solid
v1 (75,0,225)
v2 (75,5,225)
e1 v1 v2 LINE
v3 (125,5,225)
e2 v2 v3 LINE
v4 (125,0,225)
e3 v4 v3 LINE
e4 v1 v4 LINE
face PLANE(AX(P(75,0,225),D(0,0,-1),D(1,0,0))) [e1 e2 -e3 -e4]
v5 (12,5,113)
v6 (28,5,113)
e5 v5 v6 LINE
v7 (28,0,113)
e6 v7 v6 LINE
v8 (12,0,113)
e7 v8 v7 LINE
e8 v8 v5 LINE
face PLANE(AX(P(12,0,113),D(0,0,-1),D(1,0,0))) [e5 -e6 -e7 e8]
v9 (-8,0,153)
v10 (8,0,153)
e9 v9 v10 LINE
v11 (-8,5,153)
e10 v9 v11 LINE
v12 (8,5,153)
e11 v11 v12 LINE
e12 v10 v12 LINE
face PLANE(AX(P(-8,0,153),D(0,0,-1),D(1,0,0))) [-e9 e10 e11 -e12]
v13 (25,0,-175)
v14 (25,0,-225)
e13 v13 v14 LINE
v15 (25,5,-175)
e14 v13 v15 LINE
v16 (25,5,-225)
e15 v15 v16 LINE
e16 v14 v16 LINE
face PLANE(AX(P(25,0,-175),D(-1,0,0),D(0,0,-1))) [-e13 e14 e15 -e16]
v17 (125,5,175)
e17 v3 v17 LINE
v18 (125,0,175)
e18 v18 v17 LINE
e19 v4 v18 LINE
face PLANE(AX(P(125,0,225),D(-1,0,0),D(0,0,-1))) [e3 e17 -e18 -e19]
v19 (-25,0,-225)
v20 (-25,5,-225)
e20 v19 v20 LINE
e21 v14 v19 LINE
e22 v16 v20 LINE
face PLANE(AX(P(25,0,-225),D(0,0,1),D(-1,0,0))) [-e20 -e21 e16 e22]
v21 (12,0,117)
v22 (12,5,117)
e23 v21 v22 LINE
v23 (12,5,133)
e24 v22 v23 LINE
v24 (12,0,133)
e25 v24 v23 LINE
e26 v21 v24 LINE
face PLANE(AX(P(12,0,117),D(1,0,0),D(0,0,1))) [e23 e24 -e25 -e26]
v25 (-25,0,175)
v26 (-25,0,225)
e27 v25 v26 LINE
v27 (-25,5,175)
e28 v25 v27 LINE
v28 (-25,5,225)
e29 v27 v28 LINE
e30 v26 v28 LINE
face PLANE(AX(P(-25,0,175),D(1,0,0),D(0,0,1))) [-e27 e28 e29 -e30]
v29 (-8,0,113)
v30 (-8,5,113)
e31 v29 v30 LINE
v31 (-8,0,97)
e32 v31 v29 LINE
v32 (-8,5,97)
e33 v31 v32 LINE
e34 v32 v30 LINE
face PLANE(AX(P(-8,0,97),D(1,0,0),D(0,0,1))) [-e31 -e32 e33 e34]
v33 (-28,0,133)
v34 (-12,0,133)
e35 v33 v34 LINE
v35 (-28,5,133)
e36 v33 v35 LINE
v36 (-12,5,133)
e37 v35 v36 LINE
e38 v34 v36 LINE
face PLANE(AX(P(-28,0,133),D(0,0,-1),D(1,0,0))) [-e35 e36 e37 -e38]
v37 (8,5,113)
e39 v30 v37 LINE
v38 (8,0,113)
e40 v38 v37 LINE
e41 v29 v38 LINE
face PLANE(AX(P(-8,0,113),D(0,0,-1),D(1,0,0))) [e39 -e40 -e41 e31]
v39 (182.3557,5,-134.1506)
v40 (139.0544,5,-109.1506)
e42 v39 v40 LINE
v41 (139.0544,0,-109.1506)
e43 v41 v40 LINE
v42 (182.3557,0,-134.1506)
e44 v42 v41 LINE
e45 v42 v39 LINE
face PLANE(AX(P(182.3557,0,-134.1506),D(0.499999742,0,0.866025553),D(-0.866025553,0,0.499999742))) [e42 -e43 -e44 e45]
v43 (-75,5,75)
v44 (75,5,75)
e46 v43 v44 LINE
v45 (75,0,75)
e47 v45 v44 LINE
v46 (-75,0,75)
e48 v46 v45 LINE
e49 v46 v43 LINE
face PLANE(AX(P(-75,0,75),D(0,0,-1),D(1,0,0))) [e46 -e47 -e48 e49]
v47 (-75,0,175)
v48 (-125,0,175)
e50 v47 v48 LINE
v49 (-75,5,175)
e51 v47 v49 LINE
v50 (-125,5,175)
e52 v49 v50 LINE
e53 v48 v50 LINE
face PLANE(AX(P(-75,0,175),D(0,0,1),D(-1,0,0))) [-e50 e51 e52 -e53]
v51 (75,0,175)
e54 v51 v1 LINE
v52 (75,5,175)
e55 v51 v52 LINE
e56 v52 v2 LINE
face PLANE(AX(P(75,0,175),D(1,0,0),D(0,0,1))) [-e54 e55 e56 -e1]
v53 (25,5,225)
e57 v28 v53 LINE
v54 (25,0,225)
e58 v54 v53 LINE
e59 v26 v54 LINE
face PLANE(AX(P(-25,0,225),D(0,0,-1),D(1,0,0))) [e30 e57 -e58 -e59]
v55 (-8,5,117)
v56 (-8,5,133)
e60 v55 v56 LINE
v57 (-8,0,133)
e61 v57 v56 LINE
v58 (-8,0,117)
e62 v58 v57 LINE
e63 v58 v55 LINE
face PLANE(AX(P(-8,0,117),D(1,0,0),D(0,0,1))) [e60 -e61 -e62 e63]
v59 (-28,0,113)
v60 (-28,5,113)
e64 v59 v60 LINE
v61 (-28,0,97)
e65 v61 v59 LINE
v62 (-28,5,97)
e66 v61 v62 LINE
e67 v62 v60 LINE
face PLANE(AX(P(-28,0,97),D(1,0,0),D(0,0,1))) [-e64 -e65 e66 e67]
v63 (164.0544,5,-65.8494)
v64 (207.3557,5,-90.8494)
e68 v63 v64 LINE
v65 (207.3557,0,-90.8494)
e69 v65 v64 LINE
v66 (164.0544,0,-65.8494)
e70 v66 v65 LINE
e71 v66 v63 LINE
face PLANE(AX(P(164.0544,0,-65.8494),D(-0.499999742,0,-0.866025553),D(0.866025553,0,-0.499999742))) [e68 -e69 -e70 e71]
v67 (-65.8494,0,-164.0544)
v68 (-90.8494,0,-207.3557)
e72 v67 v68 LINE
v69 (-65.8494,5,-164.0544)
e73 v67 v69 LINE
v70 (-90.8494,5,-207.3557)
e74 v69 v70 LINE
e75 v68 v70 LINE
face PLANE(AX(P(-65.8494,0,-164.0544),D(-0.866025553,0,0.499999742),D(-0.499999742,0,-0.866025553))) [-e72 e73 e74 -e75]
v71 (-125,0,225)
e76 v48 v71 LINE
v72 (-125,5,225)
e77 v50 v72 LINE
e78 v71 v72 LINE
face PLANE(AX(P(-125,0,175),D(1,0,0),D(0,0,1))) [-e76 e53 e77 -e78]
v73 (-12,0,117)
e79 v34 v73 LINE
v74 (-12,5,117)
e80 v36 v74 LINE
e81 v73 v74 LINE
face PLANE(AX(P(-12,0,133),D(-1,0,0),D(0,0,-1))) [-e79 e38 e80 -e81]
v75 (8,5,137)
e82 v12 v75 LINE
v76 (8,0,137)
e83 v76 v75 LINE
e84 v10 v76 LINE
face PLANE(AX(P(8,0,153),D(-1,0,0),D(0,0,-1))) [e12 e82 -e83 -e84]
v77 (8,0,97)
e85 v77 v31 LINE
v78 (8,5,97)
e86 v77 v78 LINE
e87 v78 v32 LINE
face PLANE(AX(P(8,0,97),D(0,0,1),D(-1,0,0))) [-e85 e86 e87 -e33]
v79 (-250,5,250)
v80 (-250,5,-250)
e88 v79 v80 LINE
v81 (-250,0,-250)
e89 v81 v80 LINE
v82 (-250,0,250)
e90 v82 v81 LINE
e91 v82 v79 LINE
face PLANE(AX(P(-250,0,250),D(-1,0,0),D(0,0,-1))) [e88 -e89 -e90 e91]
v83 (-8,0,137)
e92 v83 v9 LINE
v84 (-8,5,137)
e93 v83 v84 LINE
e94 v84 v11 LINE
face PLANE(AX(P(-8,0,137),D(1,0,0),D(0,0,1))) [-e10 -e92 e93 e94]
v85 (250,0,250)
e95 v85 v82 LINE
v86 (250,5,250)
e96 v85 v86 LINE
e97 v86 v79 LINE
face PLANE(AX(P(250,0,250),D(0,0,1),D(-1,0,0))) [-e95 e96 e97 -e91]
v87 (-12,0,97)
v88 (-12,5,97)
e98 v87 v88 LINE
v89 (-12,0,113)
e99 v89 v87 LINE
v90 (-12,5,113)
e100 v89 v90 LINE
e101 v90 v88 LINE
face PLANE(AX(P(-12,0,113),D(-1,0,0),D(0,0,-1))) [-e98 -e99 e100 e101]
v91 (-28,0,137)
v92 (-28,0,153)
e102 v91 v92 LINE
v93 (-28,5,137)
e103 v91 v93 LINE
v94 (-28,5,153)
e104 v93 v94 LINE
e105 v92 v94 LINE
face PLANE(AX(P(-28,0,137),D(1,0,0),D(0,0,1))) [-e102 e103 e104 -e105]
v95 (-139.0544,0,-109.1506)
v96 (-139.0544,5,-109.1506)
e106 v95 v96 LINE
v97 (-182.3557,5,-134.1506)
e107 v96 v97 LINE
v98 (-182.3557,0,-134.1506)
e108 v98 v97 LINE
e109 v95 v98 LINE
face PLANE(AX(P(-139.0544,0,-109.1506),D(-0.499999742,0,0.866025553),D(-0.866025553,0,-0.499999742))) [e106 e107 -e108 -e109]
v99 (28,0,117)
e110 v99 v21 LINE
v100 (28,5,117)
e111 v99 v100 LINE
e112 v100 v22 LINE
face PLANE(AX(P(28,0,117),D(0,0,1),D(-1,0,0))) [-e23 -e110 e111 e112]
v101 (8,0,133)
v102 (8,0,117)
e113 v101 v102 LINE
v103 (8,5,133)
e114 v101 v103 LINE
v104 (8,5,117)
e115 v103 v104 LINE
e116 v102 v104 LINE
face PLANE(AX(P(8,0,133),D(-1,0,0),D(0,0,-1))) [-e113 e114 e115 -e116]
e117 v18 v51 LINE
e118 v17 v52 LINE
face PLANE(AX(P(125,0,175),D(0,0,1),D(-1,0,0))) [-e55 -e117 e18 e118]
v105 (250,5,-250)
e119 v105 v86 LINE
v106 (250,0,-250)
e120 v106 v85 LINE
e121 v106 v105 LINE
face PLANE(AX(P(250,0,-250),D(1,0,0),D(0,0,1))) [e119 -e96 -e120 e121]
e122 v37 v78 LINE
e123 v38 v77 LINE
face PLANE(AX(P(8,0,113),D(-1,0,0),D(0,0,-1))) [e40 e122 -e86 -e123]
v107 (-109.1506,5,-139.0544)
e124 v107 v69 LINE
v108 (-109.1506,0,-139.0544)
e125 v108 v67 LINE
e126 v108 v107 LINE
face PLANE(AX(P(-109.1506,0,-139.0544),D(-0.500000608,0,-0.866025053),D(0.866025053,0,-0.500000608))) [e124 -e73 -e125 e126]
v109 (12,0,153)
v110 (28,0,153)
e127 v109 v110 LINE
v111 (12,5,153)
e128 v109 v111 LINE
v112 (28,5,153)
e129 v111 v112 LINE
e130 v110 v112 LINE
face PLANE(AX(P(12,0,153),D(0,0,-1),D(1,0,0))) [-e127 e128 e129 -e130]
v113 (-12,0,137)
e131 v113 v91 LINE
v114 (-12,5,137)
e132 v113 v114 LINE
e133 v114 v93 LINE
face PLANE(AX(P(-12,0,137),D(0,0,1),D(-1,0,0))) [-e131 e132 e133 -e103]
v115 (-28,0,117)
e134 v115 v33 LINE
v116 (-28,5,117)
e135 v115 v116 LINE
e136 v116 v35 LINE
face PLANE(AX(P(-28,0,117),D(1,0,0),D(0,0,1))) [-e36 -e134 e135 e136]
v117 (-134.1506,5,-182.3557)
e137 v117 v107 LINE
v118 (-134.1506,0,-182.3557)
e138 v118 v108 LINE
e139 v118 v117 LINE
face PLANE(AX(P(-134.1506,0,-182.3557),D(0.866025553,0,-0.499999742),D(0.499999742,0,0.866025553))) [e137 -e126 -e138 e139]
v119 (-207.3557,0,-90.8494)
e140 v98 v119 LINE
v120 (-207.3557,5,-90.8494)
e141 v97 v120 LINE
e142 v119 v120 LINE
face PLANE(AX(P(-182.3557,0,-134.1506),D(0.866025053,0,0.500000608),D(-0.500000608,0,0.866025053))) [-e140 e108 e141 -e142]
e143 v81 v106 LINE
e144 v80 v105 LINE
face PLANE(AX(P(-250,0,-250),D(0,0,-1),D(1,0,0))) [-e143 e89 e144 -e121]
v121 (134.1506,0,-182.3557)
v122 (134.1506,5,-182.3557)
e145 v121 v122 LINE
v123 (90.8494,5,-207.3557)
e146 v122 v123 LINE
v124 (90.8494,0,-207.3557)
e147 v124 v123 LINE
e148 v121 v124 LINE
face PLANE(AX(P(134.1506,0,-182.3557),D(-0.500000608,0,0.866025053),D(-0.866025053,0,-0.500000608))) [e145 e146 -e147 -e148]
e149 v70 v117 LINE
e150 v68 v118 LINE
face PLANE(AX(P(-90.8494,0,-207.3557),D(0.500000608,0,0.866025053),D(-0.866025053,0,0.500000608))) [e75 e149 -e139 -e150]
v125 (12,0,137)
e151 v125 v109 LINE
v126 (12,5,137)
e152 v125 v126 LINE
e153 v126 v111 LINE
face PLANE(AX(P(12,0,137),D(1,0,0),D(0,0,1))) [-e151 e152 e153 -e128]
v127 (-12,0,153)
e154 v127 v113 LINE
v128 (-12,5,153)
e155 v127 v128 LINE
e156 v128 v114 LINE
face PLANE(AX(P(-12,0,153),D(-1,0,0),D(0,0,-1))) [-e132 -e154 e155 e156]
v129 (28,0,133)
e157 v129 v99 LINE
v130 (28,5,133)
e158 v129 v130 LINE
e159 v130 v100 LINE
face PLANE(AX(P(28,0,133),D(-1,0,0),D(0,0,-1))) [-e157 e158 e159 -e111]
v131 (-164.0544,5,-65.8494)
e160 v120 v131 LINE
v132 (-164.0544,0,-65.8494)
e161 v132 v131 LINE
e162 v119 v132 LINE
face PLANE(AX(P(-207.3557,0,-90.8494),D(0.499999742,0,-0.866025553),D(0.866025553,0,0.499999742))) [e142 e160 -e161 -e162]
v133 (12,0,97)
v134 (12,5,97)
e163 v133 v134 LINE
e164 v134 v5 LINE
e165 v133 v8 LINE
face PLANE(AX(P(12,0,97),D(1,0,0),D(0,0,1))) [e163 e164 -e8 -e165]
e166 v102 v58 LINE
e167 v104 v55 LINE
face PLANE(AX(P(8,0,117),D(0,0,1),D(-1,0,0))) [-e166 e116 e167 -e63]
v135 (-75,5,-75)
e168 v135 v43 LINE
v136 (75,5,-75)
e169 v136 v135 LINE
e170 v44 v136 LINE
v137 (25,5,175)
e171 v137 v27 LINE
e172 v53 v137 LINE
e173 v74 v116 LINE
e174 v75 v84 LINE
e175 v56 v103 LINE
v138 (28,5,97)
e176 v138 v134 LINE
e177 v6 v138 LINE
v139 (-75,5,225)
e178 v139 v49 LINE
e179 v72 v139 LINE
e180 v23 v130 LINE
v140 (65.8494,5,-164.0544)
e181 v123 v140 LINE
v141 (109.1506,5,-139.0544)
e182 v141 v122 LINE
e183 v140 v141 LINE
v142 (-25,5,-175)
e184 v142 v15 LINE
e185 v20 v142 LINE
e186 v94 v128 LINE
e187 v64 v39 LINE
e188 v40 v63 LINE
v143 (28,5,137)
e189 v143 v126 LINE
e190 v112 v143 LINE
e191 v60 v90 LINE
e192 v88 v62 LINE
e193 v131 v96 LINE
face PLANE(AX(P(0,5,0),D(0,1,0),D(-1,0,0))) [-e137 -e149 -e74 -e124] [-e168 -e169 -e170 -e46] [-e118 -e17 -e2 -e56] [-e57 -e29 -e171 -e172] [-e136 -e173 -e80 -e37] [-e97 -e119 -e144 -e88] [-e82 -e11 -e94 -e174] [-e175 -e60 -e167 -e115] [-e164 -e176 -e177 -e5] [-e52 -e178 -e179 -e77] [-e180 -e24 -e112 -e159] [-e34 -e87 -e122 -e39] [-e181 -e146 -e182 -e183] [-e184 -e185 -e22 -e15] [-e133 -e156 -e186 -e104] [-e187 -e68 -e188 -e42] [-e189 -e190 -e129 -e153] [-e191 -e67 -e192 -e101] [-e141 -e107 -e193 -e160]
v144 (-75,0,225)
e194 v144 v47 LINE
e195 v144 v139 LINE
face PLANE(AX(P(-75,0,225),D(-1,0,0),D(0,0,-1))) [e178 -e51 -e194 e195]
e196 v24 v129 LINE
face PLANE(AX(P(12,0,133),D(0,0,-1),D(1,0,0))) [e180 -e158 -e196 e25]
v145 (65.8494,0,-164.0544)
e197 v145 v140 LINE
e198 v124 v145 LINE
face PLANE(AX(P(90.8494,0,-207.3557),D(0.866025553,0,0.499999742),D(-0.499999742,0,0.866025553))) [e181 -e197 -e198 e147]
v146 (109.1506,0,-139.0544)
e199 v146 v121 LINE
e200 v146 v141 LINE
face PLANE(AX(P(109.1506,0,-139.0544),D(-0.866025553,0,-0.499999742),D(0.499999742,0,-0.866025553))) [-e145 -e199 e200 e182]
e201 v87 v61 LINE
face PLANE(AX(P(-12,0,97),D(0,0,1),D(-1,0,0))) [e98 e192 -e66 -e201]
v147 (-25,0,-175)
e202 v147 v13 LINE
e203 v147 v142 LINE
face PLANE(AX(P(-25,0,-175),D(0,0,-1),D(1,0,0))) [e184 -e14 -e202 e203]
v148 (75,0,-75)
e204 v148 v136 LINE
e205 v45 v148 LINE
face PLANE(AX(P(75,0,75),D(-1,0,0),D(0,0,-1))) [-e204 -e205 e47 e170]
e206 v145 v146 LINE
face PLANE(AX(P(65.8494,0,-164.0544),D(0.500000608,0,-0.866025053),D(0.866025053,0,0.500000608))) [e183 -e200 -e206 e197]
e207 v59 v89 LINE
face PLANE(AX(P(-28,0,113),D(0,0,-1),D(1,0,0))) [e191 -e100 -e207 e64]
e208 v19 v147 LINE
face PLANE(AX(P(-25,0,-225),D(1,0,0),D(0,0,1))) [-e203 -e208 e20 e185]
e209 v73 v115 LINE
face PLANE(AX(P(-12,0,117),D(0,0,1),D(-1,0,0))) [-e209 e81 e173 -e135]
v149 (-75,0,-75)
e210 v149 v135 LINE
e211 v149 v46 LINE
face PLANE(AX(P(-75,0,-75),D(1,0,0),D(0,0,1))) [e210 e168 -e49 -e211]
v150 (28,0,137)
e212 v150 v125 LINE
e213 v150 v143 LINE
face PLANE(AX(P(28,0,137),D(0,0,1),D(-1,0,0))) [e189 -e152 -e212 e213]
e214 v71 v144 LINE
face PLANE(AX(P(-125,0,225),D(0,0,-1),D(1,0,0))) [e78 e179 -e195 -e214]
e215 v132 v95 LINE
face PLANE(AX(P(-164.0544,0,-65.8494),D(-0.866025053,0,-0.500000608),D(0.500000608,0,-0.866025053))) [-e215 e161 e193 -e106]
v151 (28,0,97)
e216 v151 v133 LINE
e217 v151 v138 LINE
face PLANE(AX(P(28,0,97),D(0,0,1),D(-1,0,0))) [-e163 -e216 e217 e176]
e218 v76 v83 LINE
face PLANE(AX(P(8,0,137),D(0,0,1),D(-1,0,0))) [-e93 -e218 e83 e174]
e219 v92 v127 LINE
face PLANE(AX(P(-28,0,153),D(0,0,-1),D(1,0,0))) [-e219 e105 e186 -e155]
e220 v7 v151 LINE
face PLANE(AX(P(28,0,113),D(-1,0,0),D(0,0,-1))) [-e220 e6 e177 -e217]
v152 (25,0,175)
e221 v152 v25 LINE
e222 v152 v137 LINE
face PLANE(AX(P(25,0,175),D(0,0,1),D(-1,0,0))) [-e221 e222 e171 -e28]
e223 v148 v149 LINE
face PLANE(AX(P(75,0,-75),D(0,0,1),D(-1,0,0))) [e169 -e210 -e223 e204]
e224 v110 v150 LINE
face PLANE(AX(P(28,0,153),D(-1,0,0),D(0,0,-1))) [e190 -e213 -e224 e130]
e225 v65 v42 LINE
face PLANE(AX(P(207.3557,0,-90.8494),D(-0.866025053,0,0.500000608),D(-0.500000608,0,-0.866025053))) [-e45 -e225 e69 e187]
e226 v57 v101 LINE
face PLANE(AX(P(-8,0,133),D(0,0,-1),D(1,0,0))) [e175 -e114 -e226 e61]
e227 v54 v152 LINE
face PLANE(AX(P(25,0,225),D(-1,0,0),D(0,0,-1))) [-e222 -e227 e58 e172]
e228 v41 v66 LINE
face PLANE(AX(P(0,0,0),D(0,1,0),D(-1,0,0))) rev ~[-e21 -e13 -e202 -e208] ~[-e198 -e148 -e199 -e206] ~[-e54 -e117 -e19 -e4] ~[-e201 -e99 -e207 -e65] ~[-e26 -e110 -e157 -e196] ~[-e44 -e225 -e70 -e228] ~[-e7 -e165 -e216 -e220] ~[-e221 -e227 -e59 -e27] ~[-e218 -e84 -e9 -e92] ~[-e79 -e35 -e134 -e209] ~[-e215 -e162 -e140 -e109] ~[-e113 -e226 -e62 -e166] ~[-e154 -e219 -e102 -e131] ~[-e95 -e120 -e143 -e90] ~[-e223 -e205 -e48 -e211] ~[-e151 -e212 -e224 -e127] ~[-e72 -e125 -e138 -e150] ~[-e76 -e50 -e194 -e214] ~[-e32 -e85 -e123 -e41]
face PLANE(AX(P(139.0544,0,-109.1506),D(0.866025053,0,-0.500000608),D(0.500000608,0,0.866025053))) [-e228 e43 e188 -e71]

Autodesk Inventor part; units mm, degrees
ref_plane "YZ Plane" through (0, 0, 0) normal (1, 0, 0) x (0, 1, 0)
ref_plane "XZ Plane" through (0, 0, 0) normal (0, 1, 0) x (-1, 0, 0)
ref_plane "XY Plane" through (0, 0, 0) normal (0, 0, 1) x (1, 0, 0)
sketch "Эскиз1" plane through (0, 0, 0) normal (0, 1, 0) x (-1, 0, 0)
  line L0 (28, 97) -> (28, 113)
  line L1 (28, 113) -> (12, 113)
  line L2 (12, 113) -> (12, 97)
  line L3 (12, 97) -> (28, 97)
  line L4 (8, 97) -> (8, 113)
  line L5 (8, 113) -> (-8, 113)
  line L6 (-8, 113) -> (-8, 97)
  line L7 (-8, 97) -> (8, 97)
  line L8 (-12, 97) -> (-12, 113)
  line L9 (-12, 113) -> (-28, 113)
  line L10 (-28, 113) -> (-28, 97)
  line L11 (-28, 97) -> (-12, 97)
  line L12 (-12, 117) -> (-12, 133)
  line L13 (-12, 133) -> (-28, 133)
  line L14 (-28, 133) -> (-28, 117)
  line L15 (-28, 117) -> (-12, 117)
  line L16 (8, 133) -> (-8, 133)
  line L17 (-8, 133) -> (-8, 117)
  line L18 (-8, 117) -> (8, 117)
  line L19 (8, 117) -> (8, 133)
  line L20 (28, 117) -> (28, 133)
  line L21 (28, 133) -> (12, 133)
  line L22 (12, 133) -> (12, 117)
  line L23 (12, 117) -> (28, 117)
  line L24 (28, 137) -> (28, 153)
  line L25 (28, 153) -> (12, 153)
  line L26 (12, 153) -> (12, 137)
  line L27 (12, 137) -> (28, 137)
  line L28 (8, 137) -> (8, 153)
  line L29 (8, 153) -> (-8, 153)
  line L30 (-8, 153) -> (-8, 137)
  line L31 (-8, 137) -> (8, 137)
  line L32 (-12, 137) -> (-12, 153)
  line L33 (-12, 153) -> (-28, 153)
  line L34 (-28, 153) -> (-28, 137)
  line L35 (-28, 137) -> (-12, 137)
  line L36 (-75, 225) -> (-125, 225)
  line L37 (-125, 225) -> (-125, 175)
  line L38 (-125, 175) -> (-75, 175)
  line L39 (-75, 175) -> (-75, 225)
  line L40 (25, 225) -> (-25, 225)
  line L41 (-25, 225) -> (-25, 175)
  line L42 (-25, 175) -> (25, 175)
  line L43 (25, 175) -> (25, 225)
  line L44 (125, 225) -> (75, 225)
  line L45 (75, 225) -> (75, 175)
  line L46 (75, 175) -> (125, 175)
  line L47 (125, 175) -> (125, 225)
  line L48 (75, 75) -> (-75, 75)
  line L49 (-75, 75) -> (-75, -75)
  line L50 (-75, -75) -> (75, -75)
  line L51 (75, -75) -> (75, 75)
  line L52 (-139.0544, -109.1506) -> (-164.0544, -65.8494)
  line L53 (-164.0544, -65.8494) -> (-207.3557, -90.8494)
  line L54 (-207.3557, -90.8494) -> (-182.3557, -134.1506)
  line L55 (-182.3557, -134.1506) -> (-139.0544, -109.1506)
  line L56 (-65.8494, -164.0544) -> (-109.1506, -139.0544)
  line L57 (-109.1506, -139.0544) -> (-134.1506, -182.3557)
  line L58 (-134.1506, -182.3557) -> (-90.8494, -207.3557)
  line L59 (-90.8494, -207.3557) -> (-65.8494, -164.0544)
  line L60 (25, -175) -> (-25, -175)
  line L61 (-25, -175) -> (-25, -225)
  line L62 (-25, -225) -> (25, -225)
  line L63 (25, -225) -> (25, -175)
  line L64 (109.1506, -139.0544) -> (65.8494, -164.0544)
  line L65 (65.8494, -164.0544) -> (90.8494, -207.3557)
  line L66 (90.8494, -207.3557) -> (134.1506, -182.3557)
  line L67 (134.1506, -182.3557) -> (109.1506, -139.0544)
  line L68 (164.0544, -65.8494) -> (139.0544, -109.1506)
  line L69 (139.0544, -109.1506) -> (182.3557, -134.1506)
  line L70 (182.3557, -134.1506) -> (207.3557, -90.8494)
  line L71 (207.3557, -90.8494) -> (164.0544, -65.8494)
  line L72 (-250, -250) -> (-250, 250)
  line L73 (-250, 250) -> (250, 250)
  line L74 (250, 250) -> (250, -250)
  line L75 (250, -250) -> (-250, -250)
  line L76 (-75, 225) -> (-125, 225)
  line L77 (-125, 225) -> (-125, 175)
  line L78 (-125, 175) -> (-75, 175)
  line L79 (-75, 175) -> (-75, 225)
  line L80 (28, 153) -> (12, 153)
  line L81 (12, 153) -> (12, 137)
  line L82 (12, 137) -> (28, 137)
  line L83 (28, 137) -> (28, 153)
  line L84 (28, 133) -> (12, 133)
  line L85 (12, 133) -> (12, 117)
  line L86 (12, 117) -> (28, 117)
  line L87 (28, 117) -> (28, 133)
  line L88 (28, 113) -> (12, 113)
  line L89 (12, 113) -> (12, 97)
  line L90 (12, 97) -> (28, 97)
  line L91 (28, 97) -> (28, 113)
  line L92 (8, 113) -> (-8, 113)
  line L93 (-8, 113) -> (-8, 97)
  line L94 (-8, 97) -> (8, 97)
  line L95 (8, 97) -> (8, 113)
  line L96 (-12, 97) -> (-28, 97)
  line L97 (-28, 97) -> (-28, 113)
  line L98 (-28, 113) -> (-12, 113)
  line L99 (-12, 113) -> (-12, 97)
  line L100 (-12, 117) -> (-28, 117)
  line L101 (-28, 117) -> (-28, 133)
  line L102 (-28, 133) -> (-12, 133)
  line L103 (-12, 133) -> (-12, 117)
  line L104 (-12, 137) -> (-28, 137)
  line L105 (-28, 137) -> (-28, 153)
  line L106 (-28, 153) -> (-12, 153)
  line L107 (-12, 153) -> (-12, 137)
  line L108 (8, 153) -> (-8, 153)
  line L109 (-8, 153) -> (-8, 137)
  line L110 (-8, 137) -> (8, 137)
  line L111 (8, 137) -> (8, 153)
  line L112 (8, 133) -> (-8, 133)
  line L113 (-8, 133) -> (-8, 117)
  line L114 (-8, 117) -> (8, 117)
  line L115 (8, 117) -> (8, 133)
  line L116 (75, 75) -> (-75, 75)
  line L117 (-75, 75) -> (-75, -75)
  line L118 (-75, -75) -> (75, -75)
  line L119 (75, -75) -> (75, 75)
  point P0 (0, 0)
extrude "Выдавливание1" add sketch "Эскиз1" along normal blind 5
properties part number "КВ33.045.001 - Основание" material "Дерево (береза)"
